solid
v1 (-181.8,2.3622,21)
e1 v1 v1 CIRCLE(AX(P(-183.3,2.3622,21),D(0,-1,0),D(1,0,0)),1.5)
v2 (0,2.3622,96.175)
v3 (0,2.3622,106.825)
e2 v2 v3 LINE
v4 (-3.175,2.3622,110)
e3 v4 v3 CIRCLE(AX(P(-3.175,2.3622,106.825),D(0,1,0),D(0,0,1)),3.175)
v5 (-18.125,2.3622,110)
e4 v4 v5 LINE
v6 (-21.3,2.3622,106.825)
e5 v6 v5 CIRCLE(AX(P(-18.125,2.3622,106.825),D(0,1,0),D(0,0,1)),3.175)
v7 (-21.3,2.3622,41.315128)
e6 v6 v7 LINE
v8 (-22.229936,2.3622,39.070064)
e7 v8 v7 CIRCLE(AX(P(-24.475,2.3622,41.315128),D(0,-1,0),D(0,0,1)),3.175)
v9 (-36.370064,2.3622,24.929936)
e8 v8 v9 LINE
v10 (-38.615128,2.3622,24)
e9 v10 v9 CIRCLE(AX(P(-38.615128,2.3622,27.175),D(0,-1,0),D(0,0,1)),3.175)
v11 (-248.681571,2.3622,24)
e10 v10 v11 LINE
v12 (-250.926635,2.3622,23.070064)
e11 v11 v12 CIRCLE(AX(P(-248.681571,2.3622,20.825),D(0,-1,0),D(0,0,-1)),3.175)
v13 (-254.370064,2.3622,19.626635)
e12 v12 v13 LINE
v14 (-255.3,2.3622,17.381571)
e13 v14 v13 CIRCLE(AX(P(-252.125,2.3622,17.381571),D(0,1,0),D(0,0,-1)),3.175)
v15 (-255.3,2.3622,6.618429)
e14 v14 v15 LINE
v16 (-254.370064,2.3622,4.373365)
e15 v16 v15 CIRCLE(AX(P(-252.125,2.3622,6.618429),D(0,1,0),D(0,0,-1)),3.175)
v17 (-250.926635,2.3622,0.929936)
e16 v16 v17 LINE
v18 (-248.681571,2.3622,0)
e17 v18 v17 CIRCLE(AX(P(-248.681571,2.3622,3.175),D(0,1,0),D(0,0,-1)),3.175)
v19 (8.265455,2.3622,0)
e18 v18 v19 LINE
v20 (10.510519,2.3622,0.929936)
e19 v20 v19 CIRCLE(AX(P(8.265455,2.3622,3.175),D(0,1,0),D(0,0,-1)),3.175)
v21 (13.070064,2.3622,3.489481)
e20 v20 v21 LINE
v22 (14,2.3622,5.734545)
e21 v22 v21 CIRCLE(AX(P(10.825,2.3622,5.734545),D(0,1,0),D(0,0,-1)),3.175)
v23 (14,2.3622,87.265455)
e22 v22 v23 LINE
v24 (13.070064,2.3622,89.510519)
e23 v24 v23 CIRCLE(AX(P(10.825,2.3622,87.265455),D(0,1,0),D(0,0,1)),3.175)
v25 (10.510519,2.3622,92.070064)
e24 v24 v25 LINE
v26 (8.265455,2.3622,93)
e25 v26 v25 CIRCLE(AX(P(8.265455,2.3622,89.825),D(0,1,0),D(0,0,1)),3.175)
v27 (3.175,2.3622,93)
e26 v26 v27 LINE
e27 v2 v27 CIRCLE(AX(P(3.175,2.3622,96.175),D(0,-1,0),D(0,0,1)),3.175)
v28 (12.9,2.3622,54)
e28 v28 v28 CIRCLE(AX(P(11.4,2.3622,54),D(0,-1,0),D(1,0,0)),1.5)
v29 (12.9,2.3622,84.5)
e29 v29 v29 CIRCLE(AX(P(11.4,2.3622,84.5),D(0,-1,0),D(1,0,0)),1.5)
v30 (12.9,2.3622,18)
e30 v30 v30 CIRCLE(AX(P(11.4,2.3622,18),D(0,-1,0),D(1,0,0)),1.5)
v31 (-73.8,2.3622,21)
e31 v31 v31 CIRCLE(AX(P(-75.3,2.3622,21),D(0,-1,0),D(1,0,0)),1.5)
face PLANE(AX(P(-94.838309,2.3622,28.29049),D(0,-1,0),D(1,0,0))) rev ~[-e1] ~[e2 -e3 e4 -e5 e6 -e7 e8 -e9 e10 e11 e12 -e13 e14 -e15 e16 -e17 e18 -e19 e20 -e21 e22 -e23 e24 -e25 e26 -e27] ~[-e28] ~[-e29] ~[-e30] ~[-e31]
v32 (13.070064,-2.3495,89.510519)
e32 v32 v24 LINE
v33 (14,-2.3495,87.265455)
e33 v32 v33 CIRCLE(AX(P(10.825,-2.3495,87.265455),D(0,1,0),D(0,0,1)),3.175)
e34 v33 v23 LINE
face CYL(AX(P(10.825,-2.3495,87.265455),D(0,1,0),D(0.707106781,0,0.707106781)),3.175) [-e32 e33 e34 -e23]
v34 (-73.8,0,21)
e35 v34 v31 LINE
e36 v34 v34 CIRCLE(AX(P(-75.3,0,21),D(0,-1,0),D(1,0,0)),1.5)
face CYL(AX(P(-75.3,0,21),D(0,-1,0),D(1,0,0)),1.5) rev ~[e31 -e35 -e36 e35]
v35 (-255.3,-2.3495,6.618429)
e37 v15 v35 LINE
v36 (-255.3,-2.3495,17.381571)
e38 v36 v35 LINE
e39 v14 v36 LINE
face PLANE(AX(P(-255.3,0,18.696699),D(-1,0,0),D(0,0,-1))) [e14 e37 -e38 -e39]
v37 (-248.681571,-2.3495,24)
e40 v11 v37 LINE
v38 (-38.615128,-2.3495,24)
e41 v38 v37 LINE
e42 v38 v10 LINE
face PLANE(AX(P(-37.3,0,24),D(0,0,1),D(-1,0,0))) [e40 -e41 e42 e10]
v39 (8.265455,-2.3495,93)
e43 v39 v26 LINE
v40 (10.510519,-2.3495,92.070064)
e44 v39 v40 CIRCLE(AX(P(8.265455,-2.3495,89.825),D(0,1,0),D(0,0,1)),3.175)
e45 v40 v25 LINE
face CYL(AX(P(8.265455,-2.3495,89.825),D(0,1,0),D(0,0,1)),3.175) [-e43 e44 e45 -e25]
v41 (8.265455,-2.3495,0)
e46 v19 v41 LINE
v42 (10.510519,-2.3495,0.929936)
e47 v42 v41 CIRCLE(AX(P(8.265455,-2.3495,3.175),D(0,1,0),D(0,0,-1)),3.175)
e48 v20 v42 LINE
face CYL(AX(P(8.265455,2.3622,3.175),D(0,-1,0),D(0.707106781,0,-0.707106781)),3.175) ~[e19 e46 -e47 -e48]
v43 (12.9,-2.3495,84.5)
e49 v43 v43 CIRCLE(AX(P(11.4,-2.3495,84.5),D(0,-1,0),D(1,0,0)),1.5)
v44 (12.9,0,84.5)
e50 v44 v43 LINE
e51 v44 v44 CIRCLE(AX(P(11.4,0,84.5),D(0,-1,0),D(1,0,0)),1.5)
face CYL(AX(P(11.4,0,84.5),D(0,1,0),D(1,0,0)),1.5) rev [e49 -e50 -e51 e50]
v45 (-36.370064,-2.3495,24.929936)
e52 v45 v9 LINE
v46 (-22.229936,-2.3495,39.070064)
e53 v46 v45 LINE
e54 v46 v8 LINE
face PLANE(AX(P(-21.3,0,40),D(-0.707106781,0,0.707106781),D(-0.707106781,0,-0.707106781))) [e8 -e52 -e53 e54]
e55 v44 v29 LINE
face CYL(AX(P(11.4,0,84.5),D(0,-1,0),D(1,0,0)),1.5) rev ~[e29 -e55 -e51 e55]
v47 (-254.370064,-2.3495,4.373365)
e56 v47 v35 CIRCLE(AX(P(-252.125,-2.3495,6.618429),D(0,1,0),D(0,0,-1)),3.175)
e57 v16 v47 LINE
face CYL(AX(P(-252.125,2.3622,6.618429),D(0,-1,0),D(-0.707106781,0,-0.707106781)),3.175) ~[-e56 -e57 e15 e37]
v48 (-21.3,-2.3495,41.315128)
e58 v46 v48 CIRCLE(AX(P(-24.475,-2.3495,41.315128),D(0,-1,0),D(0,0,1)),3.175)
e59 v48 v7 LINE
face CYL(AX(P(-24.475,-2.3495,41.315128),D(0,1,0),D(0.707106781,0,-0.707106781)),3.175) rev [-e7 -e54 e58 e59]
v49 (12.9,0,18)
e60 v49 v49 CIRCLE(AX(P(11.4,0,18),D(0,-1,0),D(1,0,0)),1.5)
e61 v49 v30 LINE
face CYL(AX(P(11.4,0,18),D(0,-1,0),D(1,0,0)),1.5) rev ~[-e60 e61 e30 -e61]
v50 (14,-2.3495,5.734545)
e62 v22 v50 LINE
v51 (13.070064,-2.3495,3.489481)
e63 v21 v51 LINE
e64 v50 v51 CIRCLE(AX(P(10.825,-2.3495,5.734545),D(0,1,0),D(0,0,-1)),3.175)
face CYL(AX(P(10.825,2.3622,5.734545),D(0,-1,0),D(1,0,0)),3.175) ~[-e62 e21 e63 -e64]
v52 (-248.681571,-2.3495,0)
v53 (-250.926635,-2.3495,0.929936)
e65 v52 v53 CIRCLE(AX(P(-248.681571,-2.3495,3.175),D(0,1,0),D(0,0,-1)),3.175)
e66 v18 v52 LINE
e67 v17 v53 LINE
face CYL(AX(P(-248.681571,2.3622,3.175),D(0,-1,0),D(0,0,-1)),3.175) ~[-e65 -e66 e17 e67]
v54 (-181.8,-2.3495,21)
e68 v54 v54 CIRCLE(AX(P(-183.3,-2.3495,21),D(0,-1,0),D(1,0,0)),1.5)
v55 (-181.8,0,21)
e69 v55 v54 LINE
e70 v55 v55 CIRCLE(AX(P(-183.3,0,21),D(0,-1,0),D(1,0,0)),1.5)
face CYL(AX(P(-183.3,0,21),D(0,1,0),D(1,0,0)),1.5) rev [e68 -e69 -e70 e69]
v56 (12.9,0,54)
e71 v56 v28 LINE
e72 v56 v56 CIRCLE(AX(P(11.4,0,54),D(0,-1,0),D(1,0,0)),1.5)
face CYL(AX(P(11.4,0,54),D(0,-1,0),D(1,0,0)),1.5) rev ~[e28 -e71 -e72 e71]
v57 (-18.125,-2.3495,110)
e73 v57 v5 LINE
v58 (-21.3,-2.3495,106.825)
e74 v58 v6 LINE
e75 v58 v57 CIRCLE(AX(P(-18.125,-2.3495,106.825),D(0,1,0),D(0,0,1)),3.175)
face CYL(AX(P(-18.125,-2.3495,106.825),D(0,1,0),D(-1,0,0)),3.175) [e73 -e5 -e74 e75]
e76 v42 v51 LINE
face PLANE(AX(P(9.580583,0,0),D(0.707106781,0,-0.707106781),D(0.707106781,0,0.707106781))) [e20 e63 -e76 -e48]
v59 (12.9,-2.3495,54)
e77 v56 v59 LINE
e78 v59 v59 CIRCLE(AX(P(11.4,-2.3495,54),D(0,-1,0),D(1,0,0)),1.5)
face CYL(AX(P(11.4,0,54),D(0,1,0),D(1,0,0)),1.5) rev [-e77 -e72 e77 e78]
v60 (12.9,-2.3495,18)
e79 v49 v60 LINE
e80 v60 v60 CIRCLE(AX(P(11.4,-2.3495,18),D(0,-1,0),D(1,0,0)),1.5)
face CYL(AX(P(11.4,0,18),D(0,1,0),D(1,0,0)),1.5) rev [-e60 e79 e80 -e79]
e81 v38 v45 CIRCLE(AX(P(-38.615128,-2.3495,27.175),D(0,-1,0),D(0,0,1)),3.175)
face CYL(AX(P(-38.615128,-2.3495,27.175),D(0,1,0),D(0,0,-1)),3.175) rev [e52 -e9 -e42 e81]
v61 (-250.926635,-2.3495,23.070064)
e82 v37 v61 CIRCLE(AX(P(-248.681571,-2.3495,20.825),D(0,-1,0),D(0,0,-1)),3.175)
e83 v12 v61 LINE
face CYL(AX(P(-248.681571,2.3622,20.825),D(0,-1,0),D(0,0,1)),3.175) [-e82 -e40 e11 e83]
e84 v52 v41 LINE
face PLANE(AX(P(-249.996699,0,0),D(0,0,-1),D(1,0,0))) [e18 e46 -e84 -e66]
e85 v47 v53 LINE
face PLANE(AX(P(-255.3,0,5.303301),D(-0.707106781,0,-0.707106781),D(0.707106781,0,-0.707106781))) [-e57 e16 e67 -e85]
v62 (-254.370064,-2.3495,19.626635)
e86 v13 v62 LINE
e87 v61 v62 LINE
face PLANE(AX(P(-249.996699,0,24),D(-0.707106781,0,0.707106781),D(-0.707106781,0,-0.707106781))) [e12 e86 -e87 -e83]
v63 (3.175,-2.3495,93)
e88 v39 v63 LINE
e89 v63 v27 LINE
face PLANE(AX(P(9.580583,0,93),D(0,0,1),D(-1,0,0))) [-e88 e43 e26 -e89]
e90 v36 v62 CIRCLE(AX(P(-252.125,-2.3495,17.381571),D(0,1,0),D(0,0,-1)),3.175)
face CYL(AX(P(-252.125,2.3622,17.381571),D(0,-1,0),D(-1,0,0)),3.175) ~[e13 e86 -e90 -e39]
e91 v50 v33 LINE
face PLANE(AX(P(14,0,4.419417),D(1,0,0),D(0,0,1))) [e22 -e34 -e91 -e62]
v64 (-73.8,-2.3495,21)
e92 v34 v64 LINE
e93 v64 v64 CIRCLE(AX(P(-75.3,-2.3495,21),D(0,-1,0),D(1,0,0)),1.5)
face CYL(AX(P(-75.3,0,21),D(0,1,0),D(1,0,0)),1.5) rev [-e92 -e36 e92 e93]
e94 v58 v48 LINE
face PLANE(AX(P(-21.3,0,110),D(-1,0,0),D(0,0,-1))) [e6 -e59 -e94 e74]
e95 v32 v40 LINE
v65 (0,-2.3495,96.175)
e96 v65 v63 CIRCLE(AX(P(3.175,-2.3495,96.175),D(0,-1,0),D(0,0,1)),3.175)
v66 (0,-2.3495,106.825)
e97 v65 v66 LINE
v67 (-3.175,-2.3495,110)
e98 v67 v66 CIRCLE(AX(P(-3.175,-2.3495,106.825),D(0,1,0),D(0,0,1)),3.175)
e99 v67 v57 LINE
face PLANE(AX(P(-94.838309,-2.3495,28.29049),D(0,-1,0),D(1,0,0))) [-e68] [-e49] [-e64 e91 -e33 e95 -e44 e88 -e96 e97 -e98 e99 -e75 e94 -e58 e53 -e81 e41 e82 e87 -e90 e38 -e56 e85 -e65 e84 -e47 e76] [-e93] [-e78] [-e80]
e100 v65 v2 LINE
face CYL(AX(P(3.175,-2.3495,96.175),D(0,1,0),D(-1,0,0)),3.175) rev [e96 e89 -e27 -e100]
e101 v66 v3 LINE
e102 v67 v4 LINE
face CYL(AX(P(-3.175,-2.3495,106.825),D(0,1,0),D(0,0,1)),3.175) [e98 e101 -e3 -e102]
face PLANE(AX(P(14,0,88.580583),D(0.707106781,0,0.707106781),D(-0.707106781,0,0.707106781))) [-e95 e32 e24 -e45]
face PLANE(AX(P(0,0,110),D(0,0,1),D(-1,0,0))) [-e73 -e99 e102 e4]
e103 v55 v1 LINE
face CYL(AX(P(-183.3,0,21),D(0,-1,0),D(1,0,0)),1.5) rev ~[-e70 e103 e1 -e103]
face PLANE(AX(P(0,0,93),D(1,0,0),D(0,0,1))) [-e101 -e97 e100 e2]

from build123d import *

# Parameters (mm, degrees)
F1_R          = 1.5
F2_DEPTH      = 2.3495
F2_DEPTH_BACK = 2.3622
F3_R          = 3.175


with BuildPart() as f2:
    # F1 (on Front) → F2 (new body, two sides)
    with BuildSketch(Plane.XZ) as f2_sk:
        Polygon((-37.3, 24), (-249.996699, 24), (-255.3, 18.696699), (-255.3, 5.303301), (-249.996699, 0), (9.580583, 0), (14, 4.419417), (14, 88.580583), (9.580583, 93), (0, 93), (0, 110), (-21.3, 110), (-21.3, 40), align=None)
        with Locations((-183.3, 21)):
            Circle(F1_R, mode=Mode.SUBTRACT)
        with Locations((-75.3, 21)):
            Circle(F1_R, mode=Mode.SUBTRACT)
        with Locations((11.4, 18)):
            Circle(F1_R, mode=Mode.SUBTRACT)
        with Locations((11.4, 54)):
            Circle(F1_R, mode=Mode.SUBTRACT)
        with Locations((11.4, 84.5)):
            Circle(F1_R, mode=Mode.SUBTRACT)
    extrude(amount=F2_DEPTH)
    extrude(f2_sk.sketch, amount=-F2_DEPTH_BACK)

    # F3
    f3_edges = [f2.edges().sort_by_distance(p)[0] for p in [
        (-249.996699, 0.00635, 24),
        (-255.3, 0.00635, 18.696699),
        (-255.3, 0.00635, 5.303301),
        (-249.996699, 0.00635, 0),
        (9.580583, 0.00635, 0),
        (14, 0.00635, 4.419417),
        (14, 0.00635, 88.580583),
        (9.580583, 0.00635, 93),
        (0, 0.00635, 93),
        (0, 0.00635, 110),
        (-21.3, 0.00635, 110),
        (-21.3, 0.00635, 40),
        (-37.3, 0.00635, 24),
    ]]
    fillet(f3_edges, radius=F3_R)


solid = f2.part
